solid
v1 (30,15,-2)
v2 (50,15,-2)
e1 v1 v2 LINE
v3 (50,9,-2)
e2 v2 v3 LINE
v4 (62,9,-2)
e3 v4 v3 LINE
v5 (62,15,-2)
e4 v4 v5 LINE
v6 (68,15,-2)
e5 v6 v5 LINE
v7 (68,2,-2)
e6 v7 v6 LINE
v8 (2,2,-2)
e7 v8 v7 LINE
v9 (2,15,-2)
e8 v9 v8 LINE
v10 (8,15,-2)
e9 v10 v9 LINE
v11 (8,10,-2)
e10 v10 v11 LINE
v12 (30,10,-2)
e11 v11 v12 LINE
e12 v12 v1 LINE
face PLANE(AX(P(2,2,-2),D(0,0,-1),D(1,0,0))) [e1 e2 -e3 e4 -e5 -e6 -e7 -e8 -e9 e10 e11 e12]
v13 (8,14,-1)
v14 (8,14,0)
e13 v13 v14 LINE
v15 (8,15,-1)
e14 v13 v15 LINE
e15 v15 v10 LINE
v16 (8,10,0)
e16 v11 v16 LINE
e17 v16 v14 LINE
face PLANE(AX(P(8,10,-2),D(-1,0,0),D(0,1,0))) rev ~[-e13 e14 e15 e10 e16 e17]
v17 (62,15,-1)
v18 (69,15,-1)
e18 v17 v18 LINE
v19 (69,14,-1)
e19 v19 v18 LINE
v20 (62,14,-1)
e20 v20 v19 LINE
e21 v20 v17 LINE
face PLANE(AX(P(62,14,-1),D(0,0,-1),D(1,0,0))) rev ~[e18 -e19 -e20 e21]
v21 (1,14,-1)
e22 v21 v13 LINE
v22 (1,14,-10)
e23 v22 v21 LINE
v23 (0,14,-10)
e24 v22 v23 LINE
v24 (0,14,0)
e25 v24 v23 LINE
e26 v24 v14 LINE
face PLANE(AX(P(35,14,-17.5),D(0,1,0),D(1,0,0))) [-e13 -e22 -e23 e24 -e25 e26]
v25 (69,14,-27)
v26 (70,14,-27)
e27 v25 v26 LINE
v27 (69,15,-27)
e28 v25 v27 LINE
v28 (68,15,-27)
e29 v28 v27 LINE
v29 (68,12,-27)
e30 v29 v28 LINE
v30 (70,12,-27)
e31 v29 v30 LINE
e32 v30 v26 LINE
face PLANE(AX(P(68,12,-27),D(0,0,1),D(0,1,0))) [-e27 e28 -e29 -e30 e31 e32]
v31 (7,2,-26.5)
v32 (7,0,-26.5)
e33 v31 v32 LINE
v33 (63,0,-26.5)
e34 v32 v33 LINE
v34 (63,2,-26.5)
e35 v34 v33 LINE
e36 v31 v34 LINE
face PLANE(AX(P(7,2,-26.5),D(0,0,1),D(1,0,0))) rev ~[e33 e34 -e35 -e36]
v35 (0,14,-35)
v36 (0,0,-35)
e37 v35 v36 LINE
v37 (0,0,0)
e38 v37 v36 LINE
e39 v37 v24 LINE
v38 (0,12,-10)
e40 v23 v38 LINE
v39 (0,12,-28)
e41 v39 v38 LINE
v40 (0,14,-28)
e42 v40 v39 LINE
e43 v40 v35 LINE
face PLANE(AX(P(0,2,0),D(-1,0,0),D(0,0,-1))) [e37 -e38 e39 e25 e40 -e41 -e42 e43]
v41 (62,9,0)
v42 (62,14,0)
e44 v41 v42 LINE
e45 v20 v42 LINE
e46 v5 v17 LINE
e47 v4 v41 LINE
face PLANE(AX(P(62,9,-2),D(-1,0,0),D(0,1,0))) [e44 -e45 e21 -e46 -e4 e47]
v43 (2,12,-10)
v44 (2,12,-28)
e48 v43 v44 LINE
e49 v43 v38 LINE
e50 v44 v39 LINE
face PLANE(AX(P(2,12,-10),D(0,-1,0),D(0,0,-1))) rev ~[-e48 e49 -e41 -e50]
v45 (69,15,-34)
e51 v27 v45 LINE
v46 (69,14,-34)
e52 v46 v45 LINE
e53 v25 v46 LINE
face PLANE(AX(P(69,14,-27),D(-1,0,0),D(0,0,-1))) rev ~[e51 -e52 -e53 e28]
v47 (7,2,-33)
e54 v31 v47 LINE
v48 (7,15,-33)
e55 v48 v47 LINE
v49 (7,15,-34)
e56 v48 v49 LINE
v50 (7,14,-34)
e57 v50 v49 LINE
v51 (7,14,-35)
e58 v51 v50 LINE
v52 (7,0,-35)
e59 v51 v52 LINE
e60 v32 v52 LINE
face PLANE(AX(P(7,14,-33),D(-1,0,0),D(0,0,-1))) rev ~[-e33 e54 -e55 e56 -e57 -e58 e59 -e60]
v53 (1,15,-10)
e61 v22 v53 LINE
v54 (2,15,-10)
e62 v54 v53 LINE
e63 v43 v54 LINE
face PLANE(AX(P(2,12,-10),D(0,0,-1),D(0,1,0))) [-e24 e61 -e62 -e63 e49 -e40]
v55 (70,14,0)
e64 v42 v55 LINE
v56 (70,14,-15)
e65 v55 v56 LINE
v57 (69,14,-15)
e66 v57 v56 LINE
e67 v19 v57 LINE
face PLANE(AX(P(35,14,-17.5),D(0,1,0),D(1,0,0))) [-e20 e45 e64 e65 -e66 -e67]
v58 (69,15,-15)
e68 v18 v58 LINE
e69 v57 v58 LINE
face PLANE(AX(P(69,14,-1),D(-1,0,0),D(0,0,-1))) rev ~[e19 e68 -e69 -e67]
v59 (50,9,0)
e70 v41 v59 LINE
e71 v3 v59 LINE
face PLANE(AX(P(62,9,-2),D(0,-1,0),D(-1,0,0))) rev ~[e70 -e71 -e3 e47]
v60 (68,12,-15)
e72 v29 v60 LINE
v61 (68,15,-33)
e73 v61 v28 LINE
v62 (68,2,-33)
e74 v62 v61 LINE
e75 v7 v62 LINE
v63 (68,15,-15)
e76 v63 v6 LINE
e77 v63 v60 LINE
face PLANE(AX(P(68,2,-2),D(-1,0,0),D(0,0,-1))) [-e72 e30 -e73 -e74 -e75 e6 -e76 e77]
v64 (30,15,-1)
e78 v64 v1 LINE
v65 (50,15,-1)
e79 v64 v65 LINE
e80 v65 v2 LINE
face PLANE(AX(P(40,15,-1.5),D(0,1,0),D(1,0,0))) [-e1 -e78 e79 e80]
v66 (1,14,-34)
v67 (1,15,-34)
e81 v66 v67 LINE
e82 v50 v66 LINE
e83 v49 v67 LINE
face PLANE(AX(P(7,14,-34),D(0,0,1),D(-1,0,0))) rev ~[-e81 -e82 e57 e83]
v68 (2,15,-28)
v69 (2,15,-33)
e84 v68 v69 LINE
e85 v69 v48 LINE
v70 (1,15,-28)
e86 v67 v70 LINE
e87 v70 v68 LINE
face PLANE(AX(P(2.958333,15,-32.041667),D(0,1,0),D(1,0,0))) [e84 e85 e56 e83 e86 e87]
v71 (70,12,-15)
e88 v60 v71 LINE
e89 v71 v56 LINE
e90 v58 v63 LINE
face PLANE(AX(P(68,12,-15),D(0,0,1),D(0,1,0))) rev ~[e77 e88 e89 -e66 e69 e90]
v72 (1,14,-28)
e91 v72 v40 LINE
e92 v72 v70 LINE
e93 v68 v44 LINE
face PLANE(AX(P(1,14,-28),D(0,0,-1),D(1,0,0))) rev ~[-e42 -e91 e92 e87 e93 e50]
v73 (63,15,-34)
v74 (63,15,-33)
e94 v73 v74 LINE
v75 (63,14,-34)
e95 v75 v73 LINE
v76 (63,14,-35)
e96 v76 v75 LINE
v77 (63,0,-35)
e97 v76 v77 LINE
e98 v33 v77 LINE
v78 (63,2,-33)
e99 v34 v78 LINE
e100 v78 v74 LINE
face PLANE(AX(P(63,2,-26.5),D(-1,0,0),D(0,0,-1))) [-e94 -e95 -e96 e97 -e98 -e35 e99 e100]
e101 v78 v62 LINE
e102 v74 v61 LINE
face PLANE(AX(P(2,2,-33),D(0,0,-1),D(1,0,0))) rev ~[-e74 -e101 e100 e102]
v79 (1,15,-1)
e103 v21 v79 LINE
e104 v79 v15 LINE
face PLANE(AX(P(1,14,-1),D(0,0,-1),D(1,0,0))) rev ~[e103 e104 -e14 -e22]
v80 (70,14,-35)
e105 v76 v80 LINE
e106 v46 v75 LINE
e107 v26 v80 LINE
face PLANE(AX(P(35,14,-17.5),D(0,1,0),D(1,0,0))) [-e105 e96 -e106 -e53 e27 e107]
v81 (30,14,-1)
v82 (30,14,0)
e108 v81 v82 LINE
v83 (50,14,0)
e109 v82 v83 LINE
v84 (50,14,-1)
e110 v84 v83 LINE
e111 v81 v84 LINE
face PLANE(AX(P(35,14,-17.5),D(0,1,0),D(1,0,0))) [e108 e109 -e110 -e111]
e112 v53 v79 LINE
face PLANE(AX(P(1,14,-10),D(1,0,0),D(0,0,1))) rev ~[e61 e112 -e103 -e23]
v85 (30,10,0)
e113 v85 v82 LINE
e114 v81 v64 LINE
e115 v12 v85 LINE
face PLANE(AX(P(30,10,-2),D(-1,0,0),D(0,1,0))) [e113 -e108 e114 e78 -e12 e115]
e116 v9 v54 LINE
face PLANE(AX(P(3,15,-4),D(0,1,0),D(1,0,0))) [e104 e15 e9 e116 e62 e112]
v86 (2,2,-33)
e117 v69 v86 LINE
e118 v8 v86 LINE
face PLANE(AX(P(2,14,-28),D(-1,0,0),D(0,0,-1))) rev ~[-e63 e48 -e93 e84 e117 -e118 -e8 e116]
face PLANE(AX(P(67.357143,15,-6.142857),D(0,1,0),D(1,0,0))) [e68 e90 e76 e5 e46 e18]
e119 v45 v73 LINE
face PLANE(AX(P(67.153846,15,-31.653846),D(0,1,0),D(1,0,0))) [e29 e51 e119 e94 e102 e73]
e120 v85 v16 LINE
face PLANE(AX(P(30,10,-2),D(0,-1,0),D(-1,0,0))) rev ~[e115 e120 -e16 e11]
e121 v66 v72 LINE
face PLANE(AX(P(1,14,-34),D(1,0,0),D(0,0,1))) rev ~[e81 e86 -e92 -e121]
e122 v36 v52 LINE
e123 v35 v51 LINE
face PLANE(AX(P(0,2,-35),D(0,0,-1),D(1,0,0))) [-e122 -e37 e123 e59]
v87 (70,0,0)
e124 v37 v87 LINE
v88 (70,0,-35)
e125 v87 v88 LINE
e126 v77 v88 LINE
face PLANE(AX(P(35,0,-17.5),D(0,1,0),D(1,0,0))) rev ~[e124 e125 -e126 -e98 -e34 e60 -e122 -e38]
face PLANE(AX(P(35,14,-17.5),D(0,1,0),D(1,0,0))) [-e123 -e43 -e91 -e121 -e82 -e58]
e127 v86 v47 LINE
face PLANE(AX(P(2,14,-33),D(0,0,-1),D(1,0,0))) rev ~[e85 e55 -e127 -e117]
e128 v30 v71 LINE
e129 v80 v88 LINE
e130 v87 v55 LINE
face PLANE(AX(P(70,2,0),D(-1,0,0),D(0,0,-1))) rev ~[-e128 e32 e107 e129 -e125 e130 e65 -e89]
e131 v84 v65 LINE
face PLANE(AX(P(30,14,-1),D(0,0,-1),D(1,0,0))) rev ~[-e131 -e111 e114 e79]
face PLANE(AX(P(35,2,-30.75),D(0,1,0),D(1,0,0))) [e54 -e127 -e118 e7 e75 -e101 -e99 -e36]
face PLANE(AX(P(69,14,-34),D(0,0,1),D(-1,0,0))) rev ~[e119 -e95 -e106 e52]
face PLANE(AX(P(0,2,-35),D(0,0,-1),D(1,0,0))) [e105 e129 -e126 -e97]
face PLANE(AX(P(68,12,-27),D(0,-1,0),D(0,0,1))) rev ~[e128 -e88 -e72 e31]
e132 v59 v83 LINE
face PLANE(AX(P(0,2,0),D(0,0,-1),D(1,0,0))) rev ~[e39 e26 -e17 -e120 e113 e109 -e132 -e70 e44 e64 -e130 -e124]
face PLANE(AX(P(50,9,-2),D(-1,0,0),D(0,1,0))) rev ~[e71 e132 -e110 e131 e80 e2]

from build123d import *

# Parameters (mm, degrees)
SKETCH1_W               = 70
SKETCH1_H               = 35
BOSS_EXTRUDE1_DEPTH     = 2
SKETCH2_W               = 70
SKETCH2_H               = 35
SKETCH2_W_2             = 66
SKETCH2_H_2             = 31
BOSS_EXTRUDE2_DEPTH     = 12
SKETCH3_W               = 56
SKETCH3_H               = 8.5
CUT_EXTRUDE1_DEPTH      = 17
CUT_EXTRUDE1_DEPTH_BACK = 15
SKETCH4_W               = 12
SKETCH4_H               = 2
CUT_EXTRUDE2_DEPTH      = 17
SKETCH5_W               = 9
SKETCH5_H               = 4
SKETCH5_W_2             = 12
SKETCH5_H_2             = 5
CUT_EXTRUDE3_DEPTH      = 17
SKETCH6_W               = 18
SKETCH6_H               = 2
CUT_EXTRUDE4_DEPTH      = 17
SKETCH7_W               = 4
SKETCH7_H               = 1
SKETCH7_W_2             = 20
BOSS_EXTRUDE4_DEPTH     = 1
SKETCH8_W               = 4
SKETCH8_H               = 5
CUT_EXTRUDE5_DEPTH      = 3


with BuildPart() as part:
    # Sketch1 → Boss-Extrude1 (new body)
    with BuildSketch(Plane(origin=(0, 0, 0), x_dir=(1, 0, 0), z_dir=(0, 1, 0))):
        with Locations((35, 17.5)):
            Rectangle(SKETCH1_W, SKETCH1_H)
    extrude(amount=BOSS_EXTRUDE1_DEPTH)

    # Sketch2 → Boss-Extrude2 (add)
    with BuildSketch(Plane(origin=(0, 2, 0), x_dir=(1, 0, 0), z_dir=(0, 1, 0))):
        with Locations((35, 17.5)):
            Rectangle(SKETCH2_W, SKETCH2_H)
        with Locations((35, 17.5)):
            Rectangle(SKETCH2_W_2, SKETCH2_H_2, mode=Mode.SUBTRACT)
    extrude(amount=BOSS_EXTRUDE2_DEPTH)

    # Sketch3 → Cut-Extrude1 (cut, two sides)
    with BuildSketch(Plane(origin=(0, 2, 0), x_dir=(1, 0, 0), z_dir=(0, 1, 0))) as cut_extrude1_sk:
        with Locations((35, 30.75)):
            Rectangle(SKETCH3_W, SKETCH3_H)
    extrude(amount=CUT_EXTRUDE1_DEPTH, mode=Mode.SUBTRACT)
    extrude(cut_extrude1_sk.sketch, amount=-CUT_EXTRUDE1_DEPTH_BACK, mode=Mode.SUBTRACT)

    # Sketch4 → Cut-Extrude2 (cut)
    with BuildSketch(Plane.ZY.offset(-68)):
        with Locations((-21, 13)):
            Rectangle(SKETCH4_W, SKETCH4_H)
    extrude(amount=-CUT_EXTRUDE2_DEPTH, mode=Mode.SUBTRACT)

    # Sketch5 → Cut-Extrude3 (cut)
    with BuildSketch(Plane(origin=(0, 0, -2), x_dir=(-1, 0, 0), z_dir=(0, 0, -1))):
        with Locations((-12.5, 12)):
            Rectangle(SKETCH5_W, SKETCH5_H)
        with Locations((-25.5, 12)):
            Rectangle(SKETCH5_W, SKETCH5_H)
        with Locations((-56, 11.5)):
            Rectangle(SKETCH5_W_2, SKETCH5_H_2)
    extrude(amount=-CUT_EXTRUDE3_DEPTH, mode=Mode.SUBTRACT)

    # Sketch6 → Cut-Extrude4 (cut)
    with BuildSketch(Plane(origin=(2, 0, 0), x_dir=(0, 0, -1), z_dir=(1, 0, 0))):
        with Locations((19, 13)):
            Rectangle(SKETCH6_W, SKETCH6_H)
    extrude(amount=-CUT_EXTRUDE4_DEPTH, mode=Mode.SUBTRACT)

    # Sketch7 → Boss-Extrude4 (add)
    with BuildSketch(Plane(origin=(0, 14, 0), x_dir=(1, 0, 0), z_dir=(0, 1, 0))):
        Polygon((7, 33), (7, 34), (1, 34), (1, 28), (2, 28), (2, 33), align=None)
        Polygon((2, 10), (1, 10), (1, 1), (8, 1), (8, 2), (2, 2), align=None)
        with Locations((19, 1.5)):
            Rectangle(SKETCH7_W, SKETCH7_H)
        with Locations((40, 1.5)):
            Rectangle(SKETCH7_W_2, SKETCH7_H)
        Polygon((69, 1), (69, 15), (68, 15), (68, 2), (62, 2), (62, 1), align=None)
        Polygon((68, 27), (69, 27), (69, 34), (63, 34), (63, 33), (68, 33), align=None)
    extrude(amount=BOSS_EXTRUDE4_DEPTH)

    # Sketch8 → Cut-Extrude5 (cut)
    with BuildSketch(Plane(origin=(0, 0, -2), x_dir=(-1, 0, 0), z_dir=(0, 0, -1))):
        with Locations((-19, 12.5)):
            Rectangle(SKETCH8_W, SKETCH8_H)
    extrude(amount=-CUT_EXTRUDE5_DEPTH, mode=Mode.SUBTRACT)


solid = part.part
